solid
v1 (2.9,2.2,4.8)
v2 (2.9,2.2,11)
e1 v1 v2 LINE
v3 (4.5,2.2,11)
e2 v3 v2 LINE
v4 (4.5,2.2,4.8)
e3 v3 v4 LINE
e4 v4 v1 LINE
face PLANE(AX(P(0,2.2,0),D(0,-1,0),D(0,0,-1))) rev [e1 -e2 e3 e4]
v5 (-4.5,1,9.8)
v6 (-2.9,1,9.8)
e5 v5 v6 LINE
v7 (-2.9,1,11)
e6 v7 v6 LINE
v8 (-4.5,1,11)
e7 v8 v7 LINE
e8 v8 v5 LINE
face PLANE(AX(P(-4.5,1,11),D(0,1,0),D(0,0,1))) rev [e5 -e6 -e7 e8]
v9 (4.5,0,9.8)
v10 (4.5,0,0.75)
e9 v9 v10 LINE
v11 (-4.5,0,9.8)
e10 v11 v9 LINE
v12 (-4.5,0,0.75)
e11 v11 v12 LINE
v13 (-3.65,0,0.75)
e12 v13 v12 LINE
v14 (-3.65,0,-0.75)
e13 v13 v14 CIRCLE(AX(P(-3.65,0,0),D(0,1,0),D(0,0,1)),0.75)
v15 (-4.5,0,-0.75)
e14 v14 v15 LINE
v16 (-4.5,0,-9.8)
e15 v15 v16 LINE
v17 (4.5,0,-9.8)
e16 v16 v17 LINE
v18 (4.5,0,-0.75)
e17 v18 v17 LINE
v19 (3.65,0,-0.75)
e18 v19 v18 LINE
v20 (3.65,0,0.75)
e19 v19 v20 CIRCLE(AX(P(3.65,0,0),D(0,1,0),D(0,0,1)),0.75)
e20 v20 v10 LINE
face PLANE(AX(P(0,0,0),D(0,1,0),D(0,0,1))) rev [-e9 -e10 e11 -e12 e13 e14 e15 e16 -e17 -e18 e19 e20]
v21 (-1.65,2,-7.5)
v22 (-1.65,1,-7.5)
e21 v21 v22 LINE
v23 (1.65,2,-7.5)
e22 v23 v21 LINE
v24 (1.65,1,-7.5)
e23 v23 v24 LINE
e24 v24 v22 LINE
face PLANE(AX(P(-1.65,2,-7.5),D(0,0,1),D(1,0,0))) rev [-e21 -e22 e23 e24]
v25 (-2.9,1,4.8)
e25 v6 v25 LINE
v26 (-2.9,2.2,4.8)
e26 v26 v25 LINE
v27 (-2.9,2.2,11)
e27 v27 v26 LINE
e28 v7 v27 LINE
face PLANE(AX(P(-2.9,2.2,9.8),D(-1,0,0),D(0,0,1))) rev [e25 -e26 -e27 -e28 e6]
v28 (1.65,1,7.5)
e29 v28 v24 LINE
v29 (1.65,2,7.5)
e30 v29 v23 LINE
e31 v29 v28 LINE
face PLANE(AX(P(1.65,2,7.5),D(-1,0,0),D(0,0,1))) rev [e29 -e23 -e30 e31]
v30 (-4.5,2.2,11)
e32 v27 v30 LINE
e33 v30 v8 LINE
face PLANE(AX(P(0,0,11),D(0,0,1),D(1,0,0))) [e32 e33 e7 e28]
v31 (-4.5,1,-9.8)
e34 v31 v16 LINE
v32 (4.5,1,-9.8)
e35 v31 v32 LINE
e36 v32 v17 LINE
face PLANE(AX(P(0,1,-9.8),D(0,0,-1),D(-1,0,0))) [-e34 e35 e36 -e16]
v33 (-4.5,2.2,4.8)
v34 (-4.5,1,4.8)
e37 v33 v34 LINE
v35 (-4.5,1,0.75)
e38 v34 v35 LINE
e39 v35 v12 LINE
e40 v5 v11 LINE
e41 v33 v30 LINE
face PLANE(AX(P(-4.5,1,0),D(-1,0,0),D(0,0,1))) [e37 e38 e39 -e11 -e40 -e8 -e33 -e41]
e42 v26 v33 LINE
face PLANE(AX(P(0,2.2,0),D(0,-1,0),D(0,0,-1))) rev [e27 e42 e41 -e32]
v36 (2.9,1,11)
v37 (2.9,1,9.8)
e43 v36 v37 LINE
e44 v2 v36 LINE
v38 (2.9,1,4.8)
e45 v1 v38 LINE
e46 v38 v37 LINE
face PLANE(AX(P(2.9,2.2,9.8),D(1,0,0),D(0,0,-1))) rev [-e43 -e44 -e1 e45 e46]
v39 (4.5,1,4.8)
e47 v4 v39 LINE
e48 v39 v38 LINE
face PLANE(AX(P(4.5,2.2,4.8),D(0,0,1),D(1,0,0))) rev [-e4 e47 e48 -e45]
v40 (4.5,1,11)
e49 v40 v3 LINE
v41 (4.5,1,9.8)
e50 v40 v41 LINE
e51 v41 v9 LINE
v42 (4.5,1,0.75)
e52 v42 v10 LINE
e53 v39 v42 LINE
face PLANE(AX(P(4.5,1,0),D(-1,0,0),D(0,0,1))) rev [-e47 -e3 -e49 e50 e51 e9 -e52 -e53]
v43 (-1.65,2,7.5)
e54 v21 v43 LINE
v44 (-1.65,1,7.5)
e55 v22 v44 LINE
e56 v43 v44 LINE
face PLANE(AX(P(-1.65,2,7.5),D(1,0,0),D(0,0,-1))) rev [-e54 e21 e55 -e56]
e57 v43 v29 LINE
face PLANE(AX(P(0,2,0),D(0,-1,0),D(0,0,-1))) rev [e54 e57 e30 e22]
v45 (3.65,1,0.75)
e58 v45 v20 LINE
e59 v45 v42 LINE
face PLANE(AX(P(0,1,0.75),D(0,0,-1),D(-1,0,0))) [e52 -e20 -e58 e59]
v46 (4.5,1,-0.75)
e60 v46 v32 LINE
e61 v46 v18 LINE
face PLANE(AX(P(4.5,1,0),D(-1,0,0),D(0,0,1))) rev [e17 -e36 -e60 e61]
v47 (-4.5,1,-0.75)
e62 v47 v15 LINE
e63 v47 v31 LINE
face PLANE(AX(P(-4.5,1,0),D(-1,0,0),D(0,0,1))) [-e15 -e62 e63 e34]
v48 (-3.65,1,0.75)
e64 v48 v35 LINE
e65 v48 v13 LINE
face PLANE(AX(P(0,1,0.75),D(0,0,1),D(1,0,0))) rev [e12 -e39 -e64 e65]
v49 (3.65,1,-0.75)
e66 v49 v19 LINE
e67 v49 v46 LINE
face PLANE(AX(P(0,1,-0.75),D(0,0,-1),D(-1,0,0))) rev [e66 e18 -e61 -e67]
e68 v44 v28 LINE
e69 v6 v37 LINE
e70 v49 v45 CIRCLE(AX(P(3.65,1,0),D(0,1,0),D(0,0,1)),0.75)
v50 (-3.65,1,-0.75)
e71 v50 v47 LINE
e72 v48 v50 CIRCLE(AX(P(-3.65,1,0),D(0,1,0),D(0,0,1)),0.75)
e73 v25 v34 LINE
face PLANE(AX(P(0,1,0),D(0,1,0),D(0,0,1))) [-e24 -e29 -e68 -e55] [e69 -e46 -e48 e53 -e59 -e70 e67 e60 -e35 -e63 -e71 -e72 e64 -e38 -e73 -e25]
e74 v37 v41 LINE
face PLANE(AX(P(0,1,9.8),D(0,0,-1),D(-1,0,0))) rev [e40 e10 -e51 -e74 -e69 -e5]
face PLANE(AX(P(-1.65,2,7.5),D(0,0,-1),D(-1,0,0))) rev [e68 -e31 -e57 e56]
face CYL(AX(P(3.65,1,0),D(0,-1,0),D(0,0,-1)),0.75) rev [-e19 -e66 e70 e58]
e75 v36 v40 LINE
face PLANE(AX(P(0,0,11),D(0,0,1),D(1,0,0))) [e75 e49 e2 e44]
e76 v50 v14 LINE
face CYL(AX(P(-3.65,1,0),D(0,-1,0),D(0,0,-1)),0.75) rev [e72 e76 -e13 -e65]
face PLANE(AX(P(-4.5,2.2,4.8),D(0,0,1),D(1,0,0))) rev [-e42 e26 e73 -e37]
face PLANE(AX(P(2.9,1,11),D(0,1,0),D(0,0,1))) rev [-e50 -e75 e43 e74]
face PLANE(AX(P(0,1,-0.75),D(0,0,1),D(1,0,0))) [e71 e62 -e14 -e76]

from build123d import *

# Parameters (mm, degrees)
BOSS_EXTRUDE1_DEPTH = 1
SKETCH2_W           = 3.3
SKETCH2_H           = 15
BOSS_EXTRUDE2_DEPTH = 1
SKETCH3_W           = 1.6
SKETCH3_H           = 5
BOSS_EXTRUDE3_DEPTH = 1.2
SKETCH4_W           = 1.6
SKETCH4_H           = 1.2
BOSS_EXTRUDE4_DEPTH = 1.2


with BuildPart() as part:
    # Sketch1 → Boss-Extrude1 (new body)
    with BuildSketch(Plane(origin=(0, 0, 0), x_dir=(1, 0, 0), z_dir=(0, 1, 0))):
        with BuildLine():
            Line((-4.5, -0.75), (-4.5, -9.8))
            Line((-4.5, -9.8), (4.5, -9.8))
            Line((4.5, -9.8), (4.5, -0.75))
            Line((4.5, -0.75), (3.65, -0.75))
            ThreePointArc((3.65, -0.75), (2.9, 0), (3.65, 0.75))
            Line((3.65, 0.75), (4.5, 0.75))
            Line((4.5, 0.75), (4.5, 9.8))
            Line((4.5, 9.8), (-4.5, 9.8))
            Line((-4.5, 9.8), (-4.5, 0.75))
            Line((-4.5, 0.75), (-3.65, 0.75))
            ThreePointArc((-3.65, 0.75), (-3.119669914, 0.530330086), (-2.9, 0))
            ThreePointArc((-2.9, 0), (-3.119669914, -0.530330086), (-3.65, -0.75))
            Line((-3.65, -0.75), (-4.5, -0.75))
        make_face()
    extrude(amount=BOSS_EXTRUDE1_DEPTH)

    # Sketch2 → Boss-Extrude2 (add)
    with BuildSketch(Plane(origin=(0, 1, 0), x_dir=(1, 0, 0), z_dir=(0, 1, 0))):
        Rectangle(SKETCH2_W, SKETCH2_H)
    extrude(amount=BOSS_EXTRUDE2_DEPTH)

    # Sketch3 → Boss-Extrude3 (add)
    with BuildSketch(Plane(origin=(0, 1, 0), x_dir=(1, 0, 0), z_dir=(0, 1, 0))):
        with Locations((-3.7, -7.3)):
            Rectangle(SKETCH3_W, SKETCH3_H)
        with Locations((3.7, -7.3)):
            Rectangle(SKETCH3_W, SKETCH3_H)
    extrude(amount=BOSS_EXTRUDE3_DEPTH)

    # Sketch4 → Boss-Extrude4 (add)
    with BuildSketch(Plane.XY.offset(9.8)):
        with Locations((-3.7, 1.6)):
            Rectangle(SKETCH4_W, SKETCH4_H)
        with Locations((3.7, 1.6)):
            Rectangle(SKETCH4_W, SKETCH4_H)
    extrude(amount=BOSS_EXTRUDE4_DEPTH)


solid = part.part
